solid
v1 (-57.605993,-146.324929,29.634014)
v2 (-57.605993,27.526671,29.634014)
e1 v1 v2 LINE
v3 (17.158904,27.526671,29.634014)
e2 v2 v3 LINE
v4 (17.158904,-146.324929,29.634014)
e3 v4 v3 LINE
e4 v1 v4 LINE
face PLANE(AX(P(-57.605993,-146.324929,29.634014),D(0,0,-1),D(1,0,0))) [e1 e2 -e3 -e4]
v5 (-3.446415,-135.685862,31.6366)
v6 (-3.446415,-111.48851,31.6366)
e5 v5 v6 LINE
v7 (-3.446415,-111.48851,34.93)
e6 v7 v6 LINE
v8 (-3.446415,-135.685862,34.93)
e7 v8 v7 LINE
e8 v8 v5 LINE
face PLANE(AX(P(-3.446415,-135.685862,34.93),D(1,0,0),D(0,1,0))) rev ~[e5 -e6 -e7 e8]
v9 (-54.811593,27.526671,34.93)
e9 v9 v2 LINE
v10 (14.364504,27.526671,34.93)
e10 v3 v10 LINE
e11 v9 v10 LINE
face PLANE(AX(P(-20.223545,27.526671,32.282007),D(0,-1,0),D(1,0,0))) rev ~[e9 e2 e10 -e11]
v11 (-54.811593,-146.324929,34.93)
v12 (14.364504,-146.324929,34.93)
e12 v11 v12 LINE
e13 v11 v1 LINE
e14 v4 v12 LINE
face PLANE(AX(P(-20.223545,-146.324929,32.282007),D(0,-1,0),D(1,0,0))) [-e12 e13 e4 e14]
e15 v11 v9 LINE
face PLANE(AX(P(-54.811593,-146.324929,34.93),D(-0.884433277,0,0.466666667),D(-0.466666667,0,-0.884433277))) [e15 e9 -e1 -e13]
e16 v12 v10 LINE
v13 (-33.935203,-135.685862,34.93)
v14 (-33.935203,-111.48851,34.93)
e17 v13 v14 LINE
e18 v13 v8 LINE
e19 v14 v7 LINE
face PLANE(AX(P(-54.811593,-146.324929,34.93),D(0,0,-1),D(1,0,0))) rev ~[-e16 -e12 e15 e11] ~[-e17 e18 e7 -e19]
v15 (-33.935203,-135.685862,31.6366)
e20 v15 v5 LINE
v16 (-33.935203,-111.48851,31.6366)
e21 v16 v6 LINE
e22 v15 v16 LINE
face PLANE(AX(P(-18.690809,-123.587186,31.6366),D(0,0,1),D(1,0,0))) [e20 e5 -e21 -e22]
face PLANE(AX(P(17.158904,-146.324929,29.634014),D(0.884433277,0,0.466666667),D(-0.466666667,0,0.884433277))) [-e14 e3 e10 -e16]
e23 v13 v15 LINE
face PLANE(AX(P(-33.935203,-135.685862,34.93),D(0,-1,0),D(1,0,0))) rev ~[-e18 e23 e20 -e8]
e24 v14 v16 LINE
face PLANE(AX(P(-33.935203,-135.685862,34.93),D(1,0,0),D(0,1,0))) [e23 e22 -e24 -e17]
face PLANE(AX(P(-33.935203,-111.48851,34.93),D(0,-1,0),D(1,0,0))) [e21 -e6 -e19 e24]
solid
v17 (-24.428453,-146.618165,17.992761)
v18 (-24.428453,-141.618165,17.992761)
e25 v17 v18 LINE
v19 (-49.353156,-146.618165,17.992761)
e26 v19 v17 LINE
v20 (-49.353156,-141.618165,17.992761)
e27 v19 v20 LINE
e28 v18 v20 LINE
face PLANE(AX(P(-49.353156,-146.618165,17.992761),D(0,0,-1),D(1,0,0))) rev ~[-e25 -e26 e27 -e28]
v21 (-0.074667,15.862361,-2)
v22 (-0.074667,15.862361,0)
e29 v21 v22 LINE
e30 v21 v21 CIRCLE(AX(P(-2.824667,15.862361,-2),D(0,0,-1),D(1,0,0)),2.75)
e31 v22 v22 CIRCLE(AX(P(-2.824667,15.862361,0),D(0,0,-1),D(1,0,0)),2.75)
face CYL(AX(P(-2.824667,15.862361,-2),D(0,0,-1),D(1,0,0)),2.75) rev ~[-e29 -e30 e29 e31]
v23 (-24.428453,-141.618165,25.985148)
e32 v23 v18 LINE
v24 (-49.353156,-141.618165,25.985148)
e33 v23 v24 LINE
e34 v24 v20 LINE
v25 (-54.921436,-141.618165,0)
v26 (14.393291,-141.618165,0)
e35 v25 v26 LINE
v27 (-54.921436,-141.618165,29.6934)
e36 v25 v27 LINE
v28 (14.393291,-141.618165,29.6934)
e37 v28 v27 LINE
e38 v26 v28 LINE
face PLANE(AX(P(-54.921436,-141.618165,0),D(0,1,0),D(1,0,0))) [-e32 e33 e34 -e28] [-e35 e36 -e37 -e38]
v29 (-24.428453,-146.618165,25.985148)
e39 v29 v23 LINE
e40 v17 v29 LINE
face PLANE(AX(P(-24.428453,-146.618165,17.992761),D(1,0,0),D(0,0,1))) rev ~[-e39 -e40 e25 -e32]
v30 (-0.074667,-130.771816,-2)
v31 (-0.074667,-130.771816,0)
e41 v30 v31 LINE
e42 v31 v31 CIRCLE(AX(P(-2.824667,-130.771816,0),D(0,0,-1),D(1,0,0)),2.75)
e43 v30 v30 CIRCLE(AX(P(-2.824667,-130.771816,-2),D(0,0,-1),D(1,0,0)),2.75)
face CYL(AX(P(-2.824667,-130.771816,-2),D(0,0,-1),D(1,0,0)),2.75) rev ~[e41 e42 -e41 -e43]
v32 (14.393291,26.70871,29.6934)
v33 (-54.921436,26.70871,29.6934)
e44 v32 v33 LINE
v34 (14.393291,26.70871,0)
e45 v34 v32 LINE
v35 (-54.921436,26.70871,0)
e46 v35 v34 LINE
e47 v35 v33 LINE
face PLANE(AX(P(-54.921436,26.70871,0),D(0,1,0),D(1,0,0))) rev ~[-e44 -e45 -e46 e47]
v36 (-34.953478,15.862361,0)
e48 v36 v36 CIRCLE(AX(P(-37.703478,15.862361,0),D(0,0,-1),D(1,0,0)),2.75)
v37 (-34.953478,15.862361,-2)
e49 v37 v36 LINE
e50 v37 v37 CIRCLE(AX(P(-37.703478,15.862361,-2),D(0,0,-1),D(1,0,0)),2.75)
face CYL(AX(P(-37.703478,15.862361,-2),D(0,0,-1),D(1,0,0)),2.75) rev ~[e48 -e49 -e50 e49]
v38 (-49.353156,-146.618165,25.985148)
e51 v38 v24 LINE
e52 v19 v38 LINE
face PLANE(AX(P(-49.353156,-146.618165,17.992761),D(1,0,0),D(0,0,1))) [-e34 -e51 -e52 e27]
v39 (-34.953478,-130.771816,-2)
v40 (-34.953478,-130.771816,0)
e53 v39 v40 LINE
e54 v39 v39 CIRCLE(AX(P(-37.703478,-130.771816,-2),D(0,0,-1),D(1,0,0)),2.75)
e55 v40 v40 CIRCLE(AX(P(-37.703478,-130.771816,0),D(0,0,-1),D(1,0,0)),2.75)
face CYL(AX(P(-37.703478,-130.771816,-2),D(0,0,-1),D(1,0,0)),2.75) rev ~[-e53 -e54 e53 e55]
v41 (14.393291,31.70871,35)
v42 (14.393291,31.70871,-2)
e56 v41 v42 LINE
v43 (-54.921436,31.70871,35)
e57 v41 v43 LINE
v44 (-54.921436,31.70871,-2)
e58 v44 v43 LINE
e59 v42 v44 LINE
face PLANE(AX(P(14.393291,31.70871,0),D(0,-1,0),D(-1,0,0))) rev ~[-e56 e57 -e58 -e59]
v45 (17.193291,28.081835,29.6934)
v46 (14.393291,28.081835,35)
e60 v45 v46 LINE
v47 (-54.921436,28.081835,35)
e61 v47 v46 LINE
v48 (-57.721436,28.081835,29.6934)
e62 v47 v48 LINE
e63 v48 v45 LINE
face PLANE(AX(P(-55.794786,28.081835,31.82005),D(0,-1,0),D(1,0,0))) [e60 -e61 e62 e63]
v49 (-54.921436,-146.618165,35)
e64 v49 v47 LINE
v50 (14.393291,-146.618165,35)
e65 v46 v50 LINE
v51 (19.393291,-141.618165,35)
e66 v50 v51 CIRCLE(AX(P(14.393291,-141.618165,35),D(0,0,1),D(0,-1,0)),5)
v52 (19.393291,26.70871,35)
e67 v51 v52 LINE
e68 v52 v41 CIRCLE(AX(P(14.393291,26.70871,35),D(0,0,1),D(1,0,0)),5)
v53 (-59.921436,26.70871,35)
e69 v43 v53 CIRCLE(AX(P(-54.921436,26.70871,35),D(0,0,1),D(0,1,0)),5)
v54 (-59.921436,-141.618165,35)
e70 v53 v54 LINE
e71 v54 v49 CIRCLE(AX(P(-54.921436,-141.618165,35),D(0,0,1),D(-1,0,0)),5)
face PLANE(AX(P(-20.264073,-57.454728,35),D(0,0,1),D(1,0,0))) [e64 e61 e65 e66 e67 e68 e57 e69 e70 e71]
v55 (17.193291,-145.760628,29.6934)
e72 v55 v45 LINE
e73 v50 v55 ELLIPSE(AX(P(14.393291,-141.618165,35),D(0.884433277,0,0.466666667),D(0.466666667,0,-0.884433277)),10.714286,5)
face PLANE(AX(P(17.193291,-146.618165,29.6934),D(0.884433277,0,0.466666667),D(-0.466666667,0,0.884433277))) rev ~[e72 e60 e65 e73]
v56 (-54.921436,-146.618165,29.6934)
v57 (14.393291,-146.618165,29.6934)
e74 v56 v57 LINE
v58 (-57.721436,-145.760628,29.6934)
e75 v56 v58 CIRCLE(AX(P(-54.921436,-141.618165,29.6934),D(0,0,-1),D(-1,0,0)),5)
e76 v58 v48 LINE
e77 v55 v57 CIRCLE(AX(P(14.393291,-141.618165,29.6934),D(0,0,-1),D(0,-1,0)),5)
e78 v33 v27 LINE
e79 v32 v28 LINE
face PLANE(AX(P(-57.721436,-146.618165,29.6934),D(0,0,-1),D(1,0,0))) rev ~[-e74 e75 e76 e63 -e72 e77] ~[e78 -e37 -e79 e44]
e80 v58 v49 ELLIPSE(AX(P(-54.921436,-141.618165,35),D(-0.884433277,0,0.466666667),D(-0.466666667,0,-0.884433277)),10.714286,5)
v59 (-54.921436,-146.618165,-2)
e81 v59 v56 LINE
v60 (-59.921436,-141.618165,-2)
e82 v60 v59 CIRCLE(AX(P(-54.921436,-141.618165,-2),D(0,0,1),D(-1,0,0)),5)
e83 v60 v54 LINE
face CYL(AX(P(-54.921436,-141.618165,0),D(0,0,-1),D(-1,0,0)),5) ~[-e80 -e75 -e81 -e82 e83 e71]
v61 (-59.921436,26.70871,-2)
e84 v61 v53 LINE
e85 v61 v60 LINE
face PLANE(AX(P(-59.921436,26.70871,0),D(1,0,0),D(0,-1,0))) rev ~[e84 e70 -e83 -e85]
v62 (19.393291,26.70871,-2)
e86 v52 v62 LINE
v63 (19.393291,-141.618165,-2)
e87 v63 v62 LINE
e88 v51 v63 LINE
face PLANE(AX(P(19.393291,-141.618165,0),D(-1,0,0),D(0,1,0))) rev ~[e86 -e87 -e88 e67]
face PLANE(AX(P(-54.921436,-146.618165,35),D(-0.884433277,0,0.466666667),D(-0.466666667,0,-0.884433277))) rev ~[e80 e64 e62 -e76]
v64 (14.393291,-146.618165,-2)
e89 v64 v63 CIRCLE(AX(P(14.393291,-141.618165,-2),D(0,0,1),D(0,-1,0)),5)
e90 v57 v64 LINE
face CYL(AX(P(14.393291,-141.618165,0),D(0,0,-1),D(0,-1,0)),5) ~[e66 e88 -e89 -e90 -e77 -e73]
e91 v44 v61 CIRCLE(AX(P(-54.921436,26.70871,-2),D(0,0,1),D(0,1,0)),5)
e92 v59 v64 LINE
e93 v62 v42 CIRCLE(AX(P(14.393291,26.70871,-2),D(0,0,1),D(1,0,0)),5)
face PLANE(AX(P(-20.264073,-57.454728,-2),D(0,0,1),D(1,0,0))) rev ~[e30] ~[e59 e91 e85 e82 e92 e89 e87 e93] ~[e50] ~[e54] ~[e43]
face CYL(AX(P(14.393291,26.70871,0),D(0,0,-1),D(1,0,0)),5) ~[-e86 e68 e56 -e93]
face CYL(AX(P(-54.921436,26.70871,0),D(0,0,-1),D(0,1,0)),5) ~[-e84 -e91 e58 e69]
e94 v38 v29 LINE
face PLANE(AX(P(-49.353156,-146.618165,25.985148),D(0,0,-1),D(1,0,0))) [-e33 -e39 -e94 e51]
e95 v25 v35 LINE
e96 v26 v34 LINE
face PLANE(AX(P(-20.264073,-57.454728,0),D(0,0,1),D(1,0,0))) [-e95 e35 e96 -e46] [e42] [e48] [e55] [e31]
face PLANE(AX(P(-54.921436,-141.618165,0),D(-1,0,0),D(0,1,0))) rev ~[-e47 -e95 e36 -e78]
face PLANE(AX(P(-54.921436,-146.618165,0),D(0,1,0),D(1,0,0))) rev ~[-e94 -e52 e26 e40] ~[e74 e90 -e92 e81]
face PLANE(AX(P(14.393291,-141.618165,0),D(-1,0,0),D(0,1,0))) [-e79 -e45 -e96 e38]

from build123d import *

# Parameters (mm, degrees)
F0_W      = 69.3147265166
F0_H      = 168.3268749714
F1_DEPTH  = 2
F2_DEPTH  = 35
F3_W      = 24.9247029424
F3_H      = 7.9923868179
F4_DEPTH  = 25
F5_W      = 69.3147265166
F5_H      = 5.3065996646
F6_DEPTH  = 174.7
F7_DEPTH  = 174.2
F8_W      = 30.5498873349
F8_H      = 24.2458432913
F9_DEPTH  = 3.3
F10_SCALE = 0.998
F11_R     = 2.75
F12_DEPTH = 25


with BuildPart() as f1:
    # F0 (on Top) → F1 (new body)
    with BuildSketch(Plane.XY):
        with BuildLine():
            Line((14.3932905048, 31.7087098956), (-54.9214360118, 31.7087098956))
            ThreePointArc((-54.9214360118, 31.7087098956), (-58.4569699177, 30.2442438015), (-59.9214360118, 26.7087098956))
            Line((-59.9214360118, 26.7087098956), (-59.9214360118, -141.6181650758))
            ThreePointArc((-59.9214360118, -141.6181650758), (-58.4569699177, -145.1536989817), (-54.9214360118, -146.6181650758))
            Line((-54.9214360118, -146.6181650758), (14.3932905048, -146.6181650758))
            ThreePointArc((14.3932905048, -146.6181650758), (17.9288244107, -145.1536989817), (19.3932905048, -141.6181650758))
            Line((19.3932905048, -141.6181650758), (19.3932905048, 26.7087098956))
            ThreePointArc((19.3932905048, 26.7087098956), (17.9288244107, 30.2442438015), (14.3932905048, 31.7087098956))
        make_face()
        with Locations((-20.2640727535, -57.4547275901)):
            Rectangle(F0_W, F0_H, mode=Mode.SUBTRACT)
        with Locations((-20.2640727535, -57.4547275901)):
            Rectangle(F0_W, F0_H)
    extrude(amount=-F1_DEPTH)

    # F0 (on Top) → F2 (join)
    with BuildSketch(Plane.XY):
        with BuildLine():
            Line((14.3932905048, 31.7087098956), (-54.9214360118, 31.7087098956))
            ThreePointArc((-54.9214360118, 31.7087098956), (-58.4569699177, 30.2442438015), (-59.9214360118, 26.7087098956))
            Line((-59.9214360118, 26.7087098956), (-59.9214360118, -141.6181650758))
            ThreePointArc((-59.9214360118, -141.6181650758), (-58.4569699177, -145.1536989817), (-54.9214360118, -146.6181650758))
            Line((-54.9214360118, -146.6181650758), (14.3932905048, -146.6181650758))
            ThreePointArc((14.3932905048, -146.6181650758), (17.9288244107, -145.1536989817), (19.3932905048, -141.6181650758))
            Line((19.3932905048, -141.6181650758), (19.3932905048, 26.7087098956))
            ThreePointArc((19.3932905048, 26.7087098956), (17.9288244107, 30.2442438015), (14.3932905048, 31.7087098956))
        make_face()
        with Locations((-20.2640727535, -57.4547275901)):
            Rectangle(F0_W, F0_H, mode=Mode.SUBTRACT)
    extrude(amount=F2_DEPTH)

    # F3 (on face) → F4 (cut)
    with BuildSketch(Plane.XZ.offset(146.6181650758)):
        with Locations((-36.8908047676, 21.9889543951)):
            Rectangle(F3_W, F3_H)
    extrude(amount=-F4_DEPTH, mode=Mode.SUBTRACT)

    # F5 (on face) → F6 (cut)
    with BuildSketch(Plane.XZ.offset(146.6181650758)):
        Polygon((-57.7214360118, 29.6934003354), (-54.9214360118, 29.6934003354), (-54.9214360118, 35), align=None)
        with Locations((-20.2640727535, 32.3467001677)):
            Rectangle(F5_W, F5_H)
        Polygon((14.3932905048, 35), (14.3932905048, 29.6934003354), (17.1932905048, 29.6934003354), align=None)
    extrude(amount=-F6_DEPTH, mode=Mode.SUBTRACT)

    # F11 (on face) → F12 (cut)
    with BuildSketch(Plane(origin=(0, 0, -2), x_dir=(1, 0, 0), z_dir=(0, 0, -1))):
        with Locations((-37.7034781314, 130.7718157768)):
            Circle(F11_R)
        with Locations((-2.8246673755, 130.7718157768)):
            Circle(F11_R)
        with Locations((-37.7034781314, -15.8623605967)):
            Circle(F11_R)
        with Locations((-2.8246673755, -15.8623605967)):
            Circle(F11_R)
    extrude(amount=-F12_DEPTH, mode=Mode.SUBTRACT)


with BuildPart() as f7:
    # F5 (on face) → F7 (new body)
    with BuildSketch(Plane.XZ.offset(146.6181650758)):
        with Locations((-20.2640727535, 32.3467001677)):
            Rectangle(F5_W, F5_H)
        Polygon((-57.7214360118, 29.6934003354), (-54.9214360118, 29.6934003354), (-54.9214360118, 35), align=None)
        Polygon((14.3932905048, 35), (14.3932905048, 29.6934003354), (17.1932905048, 29.6934003354), align=None)
    extrude(amount=-F7_DEPTH)

    # F8 (on face) → F9 (cut)
    with BuildSketch(Plane.XY.offset(35)):
        with Locations((-18.7282656552, -123.8348558545)):
            Rectangle(F8_W, F8_H)
    extrude(amount=-F9_DEPTH, mode=Mode.SUBTRACT)


with BuildPart() as f7_1:
    # F10: moved
    add(f7.part.scale(F10_SCALE).moved(Location((-0.0680064186, -0.2234238684, 0.07))))


solid = Compound([f1.part, f7_1.part])
